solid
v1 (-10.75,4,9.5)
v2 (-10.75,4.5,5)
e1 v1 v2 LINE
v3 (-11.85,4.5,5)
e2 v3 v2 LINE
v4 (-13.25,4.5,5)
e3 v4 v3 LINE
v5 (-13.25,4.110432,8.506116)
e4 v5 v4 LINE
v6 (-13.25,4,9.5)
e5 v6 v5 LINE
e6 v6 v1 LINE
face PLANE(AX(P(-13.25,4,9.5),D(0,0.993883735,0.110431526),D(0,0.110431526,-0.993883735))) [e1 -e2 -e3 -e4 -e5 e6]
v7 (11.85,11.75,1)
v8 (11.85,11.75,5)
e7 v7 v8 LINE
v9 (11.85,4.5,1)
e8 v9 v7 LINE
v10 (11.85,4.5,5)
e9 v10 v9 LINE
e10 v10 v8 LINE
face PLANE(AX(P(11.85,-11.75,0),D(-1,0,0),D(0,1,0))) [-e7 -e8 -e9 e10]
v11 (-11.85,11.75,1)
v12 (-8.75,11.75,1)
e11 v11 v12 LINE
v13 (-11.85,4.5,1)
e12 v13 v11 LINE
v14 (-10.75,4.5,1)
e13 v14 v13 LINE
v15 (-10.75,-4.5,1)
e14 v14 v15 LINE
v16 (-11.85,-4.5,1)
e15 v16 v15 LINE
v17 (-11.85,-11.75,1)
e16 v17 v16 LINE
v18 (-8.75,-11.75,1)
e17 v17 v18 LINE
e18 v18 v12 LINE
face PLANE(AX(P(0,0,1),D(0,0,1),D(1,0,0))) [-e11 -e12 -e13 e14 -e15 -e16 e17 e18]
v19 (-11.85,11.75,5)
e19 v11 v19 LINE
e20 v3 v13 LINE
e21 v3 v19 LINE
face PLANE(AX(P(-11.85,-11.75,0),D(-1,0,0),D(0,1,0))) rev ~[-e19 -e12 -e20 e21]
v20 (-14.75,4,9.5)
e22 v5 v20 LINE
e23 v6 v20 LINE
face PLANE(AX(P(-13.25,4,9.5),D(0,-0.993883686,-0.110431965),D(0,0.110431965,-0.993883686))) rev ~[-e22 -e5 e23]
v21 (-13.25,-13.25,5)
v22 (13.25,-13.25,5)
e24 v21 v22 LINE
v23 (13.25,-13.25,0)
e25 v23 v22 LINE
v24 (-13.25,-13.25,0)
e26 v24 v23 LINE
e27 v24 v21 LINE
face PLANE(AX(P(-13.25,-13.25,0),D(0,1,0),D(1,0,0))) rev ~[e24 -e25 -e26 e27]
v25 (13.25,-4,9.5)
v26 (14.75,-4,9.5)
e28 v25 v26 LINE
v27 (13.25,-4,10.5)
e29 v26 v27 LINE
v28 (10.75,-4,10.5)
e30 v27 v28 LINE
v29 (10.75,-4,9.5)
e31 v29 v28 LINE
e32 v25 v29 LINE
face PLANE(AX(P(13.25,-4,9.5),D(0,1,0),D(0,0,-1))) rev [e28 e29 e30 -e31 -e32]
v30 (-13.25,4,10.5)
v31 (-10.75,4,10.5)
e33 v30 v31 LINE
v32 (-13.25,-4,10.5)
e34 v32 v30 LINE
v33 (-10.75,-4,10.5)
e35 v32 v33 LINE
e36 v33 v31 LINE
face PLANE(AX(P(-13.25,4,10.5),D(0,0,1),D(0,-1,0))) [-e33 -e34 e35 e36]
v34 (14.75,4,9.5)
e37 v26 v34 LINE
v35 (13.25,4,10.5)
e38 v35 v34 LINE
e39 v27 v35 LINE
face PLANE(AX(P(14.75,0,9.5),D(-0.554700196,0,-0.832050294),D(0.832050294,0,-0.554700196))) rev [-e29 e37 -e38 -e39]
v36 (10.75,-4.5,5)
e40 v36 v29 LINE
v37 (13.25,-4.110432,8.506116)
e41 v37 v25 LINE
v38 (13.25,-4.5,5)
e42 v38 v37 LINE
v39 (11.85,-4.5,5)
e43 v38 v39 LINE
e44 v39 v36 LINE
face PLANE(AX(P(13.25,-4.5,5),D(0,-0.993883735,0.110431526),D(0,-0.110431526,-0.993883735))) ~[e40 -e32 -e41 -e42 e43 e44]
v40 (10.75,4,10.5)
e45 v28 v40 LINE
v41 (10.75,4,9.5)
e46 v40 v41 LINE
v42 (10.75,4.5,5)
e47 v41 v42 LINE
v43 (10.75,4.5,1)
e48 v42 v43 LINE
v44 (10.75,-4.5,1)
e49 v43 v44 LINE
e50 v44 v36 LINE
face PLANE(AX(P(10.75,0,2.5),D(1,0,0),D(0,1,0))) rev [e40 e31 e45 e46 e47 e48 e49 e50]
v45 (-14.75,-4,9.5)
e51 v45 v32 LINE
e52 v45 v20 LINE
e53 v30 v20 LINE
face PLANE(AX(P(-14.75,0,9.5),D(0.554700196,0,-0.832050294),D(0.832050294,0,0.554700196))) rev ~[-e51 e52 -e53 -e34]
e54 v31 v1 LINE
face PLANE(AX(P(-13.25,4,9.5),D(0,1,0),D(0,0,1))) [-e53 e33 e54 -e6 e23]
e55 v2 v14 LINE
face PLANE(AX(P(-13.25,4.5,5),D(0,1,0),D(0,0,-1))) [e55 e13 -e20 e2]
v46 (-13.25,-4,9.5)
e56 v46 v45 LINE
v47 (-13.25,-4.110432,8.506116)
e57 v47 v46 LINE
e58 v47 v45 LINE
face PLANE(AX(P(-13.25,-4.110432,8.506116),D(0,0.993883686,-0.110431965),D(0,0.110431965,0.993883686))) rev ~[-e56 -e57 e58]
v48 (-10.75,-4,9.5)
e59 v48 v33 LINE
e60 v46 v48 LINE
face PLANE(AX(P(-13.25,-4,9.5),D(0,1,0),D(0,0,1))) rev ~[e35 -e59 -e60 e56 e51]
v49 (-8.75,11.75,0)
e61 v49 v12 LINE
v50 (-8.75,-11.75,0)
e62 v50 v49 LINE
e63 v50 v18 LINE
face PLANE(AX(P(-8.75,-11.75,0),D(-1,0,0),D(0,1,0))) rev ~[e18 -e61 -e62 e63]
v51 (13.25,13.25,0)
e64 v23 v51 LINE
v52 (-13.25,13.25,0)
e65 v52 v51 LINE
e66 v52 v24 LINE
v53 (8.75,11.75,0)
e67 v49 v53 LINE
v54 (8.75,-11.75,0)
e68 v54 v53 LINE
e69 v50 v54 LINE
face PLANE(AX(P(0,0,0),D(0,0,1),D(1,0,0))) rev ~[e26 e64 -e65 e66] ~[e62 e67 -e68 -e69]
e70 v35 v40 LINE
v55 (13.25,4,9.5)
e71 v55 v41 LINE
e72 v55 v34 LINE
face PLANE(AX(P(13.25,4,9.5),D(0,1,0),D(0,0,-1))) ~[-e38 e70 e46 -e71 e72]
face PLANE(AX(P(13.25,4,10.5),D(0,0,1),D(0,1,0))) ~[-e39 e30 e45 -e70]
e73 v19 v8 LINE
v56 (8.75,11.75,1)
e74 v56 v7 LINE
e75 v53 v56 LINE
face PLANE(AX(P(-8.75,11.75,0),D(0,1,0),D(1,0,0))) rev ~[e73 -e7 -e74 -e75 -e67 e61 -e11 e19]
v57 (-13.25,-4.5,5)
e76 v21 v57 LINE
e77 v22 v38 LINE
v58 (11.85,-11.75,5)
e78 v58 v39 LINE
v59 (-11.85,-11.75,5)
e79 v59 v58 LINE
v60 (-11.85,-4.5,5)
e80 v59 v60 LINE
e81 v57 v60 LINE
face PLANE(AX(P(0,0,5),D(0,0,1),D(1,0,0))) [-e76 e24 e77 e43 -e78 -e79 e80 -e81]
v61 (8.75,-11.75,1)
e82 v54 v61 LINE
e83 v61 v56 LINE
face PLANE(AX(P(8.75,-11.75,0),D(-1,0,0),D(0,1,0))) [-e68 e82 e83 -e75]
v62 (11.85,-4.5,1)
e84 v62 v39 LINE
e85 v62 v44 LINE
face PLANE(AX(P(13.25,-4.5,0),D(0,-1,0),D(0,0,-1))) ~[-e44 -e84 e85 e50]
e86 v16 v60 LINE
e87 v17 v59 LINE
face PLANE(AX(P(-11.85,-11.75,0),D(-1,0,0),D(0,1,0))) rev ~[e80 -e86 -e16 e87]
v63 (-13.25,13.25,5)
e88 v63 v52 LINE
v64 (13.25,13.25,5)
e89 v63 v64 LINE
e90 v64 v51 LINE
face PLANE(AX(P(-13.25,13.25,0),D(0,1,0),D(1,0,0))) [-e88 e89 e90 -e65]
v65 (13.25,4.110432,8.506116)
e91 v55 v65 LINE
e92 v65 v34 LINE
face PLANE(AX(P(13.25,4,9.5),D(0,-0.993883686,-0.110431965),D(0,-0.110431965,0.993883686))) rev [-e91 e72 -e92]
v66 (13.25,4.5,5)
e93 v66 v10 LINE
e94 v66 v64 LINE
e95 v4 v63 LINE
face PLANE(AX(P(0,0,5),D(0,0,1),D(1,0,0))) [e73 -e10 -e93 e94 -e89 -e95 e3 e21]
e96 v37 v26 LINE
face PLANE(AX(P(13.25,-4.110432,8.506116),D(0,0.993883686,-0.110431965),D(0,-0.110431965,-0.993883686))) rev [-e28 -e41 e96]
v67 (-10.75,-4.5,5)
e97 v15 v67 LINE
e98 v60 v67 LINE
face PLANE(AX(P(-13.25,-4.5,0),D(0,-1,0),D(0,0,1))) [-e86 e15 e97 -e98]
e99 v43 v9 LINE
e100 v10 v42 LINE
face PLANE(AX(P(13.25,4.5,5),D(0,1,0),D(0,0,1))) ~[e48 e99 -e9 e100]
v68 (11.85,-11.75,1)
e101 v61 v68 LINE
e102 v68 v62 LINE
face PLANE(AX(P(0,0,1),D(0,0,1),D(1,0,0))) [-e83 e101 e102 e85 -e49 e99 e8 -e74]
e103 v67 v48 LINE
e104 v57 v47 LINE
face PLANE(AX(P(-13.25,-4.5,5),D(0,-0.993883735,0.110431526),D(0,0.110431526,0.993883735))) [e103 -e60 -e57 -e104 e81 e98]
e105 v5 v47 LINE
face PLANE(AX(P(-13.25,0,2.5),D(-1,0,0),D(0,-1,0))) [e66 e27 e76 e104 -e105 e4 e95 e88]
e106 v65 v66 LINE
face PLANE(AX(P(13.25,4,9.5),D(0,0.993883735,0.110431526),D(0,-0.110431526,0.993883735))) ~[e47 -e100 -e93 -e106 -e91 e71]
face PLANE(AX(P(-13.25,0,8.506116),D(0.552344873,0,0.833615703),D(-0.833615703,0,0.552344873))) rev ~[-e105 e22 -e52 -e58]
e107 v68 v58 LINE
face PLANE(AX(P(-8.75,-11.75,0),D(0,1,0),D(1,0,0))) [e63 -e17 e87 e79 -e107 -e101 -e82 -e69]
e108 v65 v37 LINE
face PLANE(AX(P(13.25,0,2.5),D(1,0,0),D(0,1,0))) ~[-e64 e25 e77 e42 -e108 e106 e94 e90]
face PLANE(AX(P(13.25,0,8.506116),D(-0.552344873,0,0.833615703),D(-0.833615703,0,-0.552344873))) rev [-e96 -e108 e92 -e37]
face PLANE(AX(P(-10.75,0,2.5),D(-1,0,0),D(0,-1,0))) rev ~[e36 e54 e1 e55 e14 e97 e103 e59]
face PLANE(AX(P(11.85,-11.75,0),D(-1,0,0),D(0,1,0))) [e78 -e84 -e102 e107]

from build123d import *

# Parameters (mm, degrees)
F0_W          = 26.5
F0_H          = 26.5
F0_W_2        = 23.7
F0_H_2        = 23.5
F1_DEPTH      = 5
F2_W          = 26.5
F2_H          = 26.5
F2_W_2        = 17.5
F2_H_2        = 23.5
F3_DEPTH      = 1
F5_DEPTH      = 2.5
F6_W          = 8
F6_H          = 1
F7_DEPTH      = 1.5
F9_DEPTH      = 25
F9_DEPTH_BACK = 25


with BuildPart() as f1:
    # F0 (on Top) → F1 (new body)
    with BuildSketch(Plane.XY):
        Rectangle(F0_W, F0_H)
        Rectangle(F0_W_2, F0_H_2, mode=Mode.SUBTRACT)
    extrude(amount=F1_DEPTH)

    # F2 (on Top) → F3 (join)
    with BuildSketch(Plane.XY):
        Rectangle(F2_W, F2_H)
        Rectangle(F2_W_2, F2_H_2, mode=Mode.SUBTRACT)
    extrude(amount=F3_DEPTH)

    # F4 (on face) → F5 (join)
    with BuildSketch(Plane(origin=(-13.25, 0, 0), x_dir=(0, -1, 0), z_dir=(-1, 0, 0))):
        Polygon((4.5, 5), (0, 5), (-4.5, 5), (-4.5, 0), (4.5, 0), align=None)
        Polygon((-4.5, 5), (0, 5), (0, 9.5), (-4, 9.5), align=None)
        Polygon((0, 9.5), (0, 5), (4.5, 5), (4, 9.5), align=None)
        Polygon((-4, 9.5), (0, 9.5), (4, 9.5), (4, 10.5), (-4, 10.5), align=None)
    extrude(amount=-F5_DEPTH)

    # F6 (on face) → F7 (join)
    with BuildSketch(Plane(origin=(-13.25, 0, 0), x_dir=(0, -1, 0), z_dir=(-1, 0, 0))):
        Polygon((-4, 9.5), (-4.110432, 8.506116), (4.110432, 8.506116), (4, 9.5), align=None)
        with Locations((0, 10)):
            Rectangle(F6_W, F6_H)
    extrude(amount=F7_DEPTH)

    # F8 (on Front) → F9 (cut, two sides)
    with BuildSketch(Plane.XZ) as f9_sk:
        Polygon((-14.75, 8.506116), (-13.25, 8.506116), (-14.75, 9.5), align=None)
        Polygon((-14.75, 10.5), (-14.75, 9.5), (-13.25, 10.5), align=None)
    extrude(amount=F9_DEPTH, mode=Mode.SUBTRACT)
    extrude(f9_sk.sketch, amount=-F9_DEPTH_BACK, mode=Mode.SUBTRACT)

    # F10: F1 across plane


with BuildPart() as f1_1:
    add(f1.part)
    add(f1.part.mirror(Plane.YZ))


solid = f1_1.part
